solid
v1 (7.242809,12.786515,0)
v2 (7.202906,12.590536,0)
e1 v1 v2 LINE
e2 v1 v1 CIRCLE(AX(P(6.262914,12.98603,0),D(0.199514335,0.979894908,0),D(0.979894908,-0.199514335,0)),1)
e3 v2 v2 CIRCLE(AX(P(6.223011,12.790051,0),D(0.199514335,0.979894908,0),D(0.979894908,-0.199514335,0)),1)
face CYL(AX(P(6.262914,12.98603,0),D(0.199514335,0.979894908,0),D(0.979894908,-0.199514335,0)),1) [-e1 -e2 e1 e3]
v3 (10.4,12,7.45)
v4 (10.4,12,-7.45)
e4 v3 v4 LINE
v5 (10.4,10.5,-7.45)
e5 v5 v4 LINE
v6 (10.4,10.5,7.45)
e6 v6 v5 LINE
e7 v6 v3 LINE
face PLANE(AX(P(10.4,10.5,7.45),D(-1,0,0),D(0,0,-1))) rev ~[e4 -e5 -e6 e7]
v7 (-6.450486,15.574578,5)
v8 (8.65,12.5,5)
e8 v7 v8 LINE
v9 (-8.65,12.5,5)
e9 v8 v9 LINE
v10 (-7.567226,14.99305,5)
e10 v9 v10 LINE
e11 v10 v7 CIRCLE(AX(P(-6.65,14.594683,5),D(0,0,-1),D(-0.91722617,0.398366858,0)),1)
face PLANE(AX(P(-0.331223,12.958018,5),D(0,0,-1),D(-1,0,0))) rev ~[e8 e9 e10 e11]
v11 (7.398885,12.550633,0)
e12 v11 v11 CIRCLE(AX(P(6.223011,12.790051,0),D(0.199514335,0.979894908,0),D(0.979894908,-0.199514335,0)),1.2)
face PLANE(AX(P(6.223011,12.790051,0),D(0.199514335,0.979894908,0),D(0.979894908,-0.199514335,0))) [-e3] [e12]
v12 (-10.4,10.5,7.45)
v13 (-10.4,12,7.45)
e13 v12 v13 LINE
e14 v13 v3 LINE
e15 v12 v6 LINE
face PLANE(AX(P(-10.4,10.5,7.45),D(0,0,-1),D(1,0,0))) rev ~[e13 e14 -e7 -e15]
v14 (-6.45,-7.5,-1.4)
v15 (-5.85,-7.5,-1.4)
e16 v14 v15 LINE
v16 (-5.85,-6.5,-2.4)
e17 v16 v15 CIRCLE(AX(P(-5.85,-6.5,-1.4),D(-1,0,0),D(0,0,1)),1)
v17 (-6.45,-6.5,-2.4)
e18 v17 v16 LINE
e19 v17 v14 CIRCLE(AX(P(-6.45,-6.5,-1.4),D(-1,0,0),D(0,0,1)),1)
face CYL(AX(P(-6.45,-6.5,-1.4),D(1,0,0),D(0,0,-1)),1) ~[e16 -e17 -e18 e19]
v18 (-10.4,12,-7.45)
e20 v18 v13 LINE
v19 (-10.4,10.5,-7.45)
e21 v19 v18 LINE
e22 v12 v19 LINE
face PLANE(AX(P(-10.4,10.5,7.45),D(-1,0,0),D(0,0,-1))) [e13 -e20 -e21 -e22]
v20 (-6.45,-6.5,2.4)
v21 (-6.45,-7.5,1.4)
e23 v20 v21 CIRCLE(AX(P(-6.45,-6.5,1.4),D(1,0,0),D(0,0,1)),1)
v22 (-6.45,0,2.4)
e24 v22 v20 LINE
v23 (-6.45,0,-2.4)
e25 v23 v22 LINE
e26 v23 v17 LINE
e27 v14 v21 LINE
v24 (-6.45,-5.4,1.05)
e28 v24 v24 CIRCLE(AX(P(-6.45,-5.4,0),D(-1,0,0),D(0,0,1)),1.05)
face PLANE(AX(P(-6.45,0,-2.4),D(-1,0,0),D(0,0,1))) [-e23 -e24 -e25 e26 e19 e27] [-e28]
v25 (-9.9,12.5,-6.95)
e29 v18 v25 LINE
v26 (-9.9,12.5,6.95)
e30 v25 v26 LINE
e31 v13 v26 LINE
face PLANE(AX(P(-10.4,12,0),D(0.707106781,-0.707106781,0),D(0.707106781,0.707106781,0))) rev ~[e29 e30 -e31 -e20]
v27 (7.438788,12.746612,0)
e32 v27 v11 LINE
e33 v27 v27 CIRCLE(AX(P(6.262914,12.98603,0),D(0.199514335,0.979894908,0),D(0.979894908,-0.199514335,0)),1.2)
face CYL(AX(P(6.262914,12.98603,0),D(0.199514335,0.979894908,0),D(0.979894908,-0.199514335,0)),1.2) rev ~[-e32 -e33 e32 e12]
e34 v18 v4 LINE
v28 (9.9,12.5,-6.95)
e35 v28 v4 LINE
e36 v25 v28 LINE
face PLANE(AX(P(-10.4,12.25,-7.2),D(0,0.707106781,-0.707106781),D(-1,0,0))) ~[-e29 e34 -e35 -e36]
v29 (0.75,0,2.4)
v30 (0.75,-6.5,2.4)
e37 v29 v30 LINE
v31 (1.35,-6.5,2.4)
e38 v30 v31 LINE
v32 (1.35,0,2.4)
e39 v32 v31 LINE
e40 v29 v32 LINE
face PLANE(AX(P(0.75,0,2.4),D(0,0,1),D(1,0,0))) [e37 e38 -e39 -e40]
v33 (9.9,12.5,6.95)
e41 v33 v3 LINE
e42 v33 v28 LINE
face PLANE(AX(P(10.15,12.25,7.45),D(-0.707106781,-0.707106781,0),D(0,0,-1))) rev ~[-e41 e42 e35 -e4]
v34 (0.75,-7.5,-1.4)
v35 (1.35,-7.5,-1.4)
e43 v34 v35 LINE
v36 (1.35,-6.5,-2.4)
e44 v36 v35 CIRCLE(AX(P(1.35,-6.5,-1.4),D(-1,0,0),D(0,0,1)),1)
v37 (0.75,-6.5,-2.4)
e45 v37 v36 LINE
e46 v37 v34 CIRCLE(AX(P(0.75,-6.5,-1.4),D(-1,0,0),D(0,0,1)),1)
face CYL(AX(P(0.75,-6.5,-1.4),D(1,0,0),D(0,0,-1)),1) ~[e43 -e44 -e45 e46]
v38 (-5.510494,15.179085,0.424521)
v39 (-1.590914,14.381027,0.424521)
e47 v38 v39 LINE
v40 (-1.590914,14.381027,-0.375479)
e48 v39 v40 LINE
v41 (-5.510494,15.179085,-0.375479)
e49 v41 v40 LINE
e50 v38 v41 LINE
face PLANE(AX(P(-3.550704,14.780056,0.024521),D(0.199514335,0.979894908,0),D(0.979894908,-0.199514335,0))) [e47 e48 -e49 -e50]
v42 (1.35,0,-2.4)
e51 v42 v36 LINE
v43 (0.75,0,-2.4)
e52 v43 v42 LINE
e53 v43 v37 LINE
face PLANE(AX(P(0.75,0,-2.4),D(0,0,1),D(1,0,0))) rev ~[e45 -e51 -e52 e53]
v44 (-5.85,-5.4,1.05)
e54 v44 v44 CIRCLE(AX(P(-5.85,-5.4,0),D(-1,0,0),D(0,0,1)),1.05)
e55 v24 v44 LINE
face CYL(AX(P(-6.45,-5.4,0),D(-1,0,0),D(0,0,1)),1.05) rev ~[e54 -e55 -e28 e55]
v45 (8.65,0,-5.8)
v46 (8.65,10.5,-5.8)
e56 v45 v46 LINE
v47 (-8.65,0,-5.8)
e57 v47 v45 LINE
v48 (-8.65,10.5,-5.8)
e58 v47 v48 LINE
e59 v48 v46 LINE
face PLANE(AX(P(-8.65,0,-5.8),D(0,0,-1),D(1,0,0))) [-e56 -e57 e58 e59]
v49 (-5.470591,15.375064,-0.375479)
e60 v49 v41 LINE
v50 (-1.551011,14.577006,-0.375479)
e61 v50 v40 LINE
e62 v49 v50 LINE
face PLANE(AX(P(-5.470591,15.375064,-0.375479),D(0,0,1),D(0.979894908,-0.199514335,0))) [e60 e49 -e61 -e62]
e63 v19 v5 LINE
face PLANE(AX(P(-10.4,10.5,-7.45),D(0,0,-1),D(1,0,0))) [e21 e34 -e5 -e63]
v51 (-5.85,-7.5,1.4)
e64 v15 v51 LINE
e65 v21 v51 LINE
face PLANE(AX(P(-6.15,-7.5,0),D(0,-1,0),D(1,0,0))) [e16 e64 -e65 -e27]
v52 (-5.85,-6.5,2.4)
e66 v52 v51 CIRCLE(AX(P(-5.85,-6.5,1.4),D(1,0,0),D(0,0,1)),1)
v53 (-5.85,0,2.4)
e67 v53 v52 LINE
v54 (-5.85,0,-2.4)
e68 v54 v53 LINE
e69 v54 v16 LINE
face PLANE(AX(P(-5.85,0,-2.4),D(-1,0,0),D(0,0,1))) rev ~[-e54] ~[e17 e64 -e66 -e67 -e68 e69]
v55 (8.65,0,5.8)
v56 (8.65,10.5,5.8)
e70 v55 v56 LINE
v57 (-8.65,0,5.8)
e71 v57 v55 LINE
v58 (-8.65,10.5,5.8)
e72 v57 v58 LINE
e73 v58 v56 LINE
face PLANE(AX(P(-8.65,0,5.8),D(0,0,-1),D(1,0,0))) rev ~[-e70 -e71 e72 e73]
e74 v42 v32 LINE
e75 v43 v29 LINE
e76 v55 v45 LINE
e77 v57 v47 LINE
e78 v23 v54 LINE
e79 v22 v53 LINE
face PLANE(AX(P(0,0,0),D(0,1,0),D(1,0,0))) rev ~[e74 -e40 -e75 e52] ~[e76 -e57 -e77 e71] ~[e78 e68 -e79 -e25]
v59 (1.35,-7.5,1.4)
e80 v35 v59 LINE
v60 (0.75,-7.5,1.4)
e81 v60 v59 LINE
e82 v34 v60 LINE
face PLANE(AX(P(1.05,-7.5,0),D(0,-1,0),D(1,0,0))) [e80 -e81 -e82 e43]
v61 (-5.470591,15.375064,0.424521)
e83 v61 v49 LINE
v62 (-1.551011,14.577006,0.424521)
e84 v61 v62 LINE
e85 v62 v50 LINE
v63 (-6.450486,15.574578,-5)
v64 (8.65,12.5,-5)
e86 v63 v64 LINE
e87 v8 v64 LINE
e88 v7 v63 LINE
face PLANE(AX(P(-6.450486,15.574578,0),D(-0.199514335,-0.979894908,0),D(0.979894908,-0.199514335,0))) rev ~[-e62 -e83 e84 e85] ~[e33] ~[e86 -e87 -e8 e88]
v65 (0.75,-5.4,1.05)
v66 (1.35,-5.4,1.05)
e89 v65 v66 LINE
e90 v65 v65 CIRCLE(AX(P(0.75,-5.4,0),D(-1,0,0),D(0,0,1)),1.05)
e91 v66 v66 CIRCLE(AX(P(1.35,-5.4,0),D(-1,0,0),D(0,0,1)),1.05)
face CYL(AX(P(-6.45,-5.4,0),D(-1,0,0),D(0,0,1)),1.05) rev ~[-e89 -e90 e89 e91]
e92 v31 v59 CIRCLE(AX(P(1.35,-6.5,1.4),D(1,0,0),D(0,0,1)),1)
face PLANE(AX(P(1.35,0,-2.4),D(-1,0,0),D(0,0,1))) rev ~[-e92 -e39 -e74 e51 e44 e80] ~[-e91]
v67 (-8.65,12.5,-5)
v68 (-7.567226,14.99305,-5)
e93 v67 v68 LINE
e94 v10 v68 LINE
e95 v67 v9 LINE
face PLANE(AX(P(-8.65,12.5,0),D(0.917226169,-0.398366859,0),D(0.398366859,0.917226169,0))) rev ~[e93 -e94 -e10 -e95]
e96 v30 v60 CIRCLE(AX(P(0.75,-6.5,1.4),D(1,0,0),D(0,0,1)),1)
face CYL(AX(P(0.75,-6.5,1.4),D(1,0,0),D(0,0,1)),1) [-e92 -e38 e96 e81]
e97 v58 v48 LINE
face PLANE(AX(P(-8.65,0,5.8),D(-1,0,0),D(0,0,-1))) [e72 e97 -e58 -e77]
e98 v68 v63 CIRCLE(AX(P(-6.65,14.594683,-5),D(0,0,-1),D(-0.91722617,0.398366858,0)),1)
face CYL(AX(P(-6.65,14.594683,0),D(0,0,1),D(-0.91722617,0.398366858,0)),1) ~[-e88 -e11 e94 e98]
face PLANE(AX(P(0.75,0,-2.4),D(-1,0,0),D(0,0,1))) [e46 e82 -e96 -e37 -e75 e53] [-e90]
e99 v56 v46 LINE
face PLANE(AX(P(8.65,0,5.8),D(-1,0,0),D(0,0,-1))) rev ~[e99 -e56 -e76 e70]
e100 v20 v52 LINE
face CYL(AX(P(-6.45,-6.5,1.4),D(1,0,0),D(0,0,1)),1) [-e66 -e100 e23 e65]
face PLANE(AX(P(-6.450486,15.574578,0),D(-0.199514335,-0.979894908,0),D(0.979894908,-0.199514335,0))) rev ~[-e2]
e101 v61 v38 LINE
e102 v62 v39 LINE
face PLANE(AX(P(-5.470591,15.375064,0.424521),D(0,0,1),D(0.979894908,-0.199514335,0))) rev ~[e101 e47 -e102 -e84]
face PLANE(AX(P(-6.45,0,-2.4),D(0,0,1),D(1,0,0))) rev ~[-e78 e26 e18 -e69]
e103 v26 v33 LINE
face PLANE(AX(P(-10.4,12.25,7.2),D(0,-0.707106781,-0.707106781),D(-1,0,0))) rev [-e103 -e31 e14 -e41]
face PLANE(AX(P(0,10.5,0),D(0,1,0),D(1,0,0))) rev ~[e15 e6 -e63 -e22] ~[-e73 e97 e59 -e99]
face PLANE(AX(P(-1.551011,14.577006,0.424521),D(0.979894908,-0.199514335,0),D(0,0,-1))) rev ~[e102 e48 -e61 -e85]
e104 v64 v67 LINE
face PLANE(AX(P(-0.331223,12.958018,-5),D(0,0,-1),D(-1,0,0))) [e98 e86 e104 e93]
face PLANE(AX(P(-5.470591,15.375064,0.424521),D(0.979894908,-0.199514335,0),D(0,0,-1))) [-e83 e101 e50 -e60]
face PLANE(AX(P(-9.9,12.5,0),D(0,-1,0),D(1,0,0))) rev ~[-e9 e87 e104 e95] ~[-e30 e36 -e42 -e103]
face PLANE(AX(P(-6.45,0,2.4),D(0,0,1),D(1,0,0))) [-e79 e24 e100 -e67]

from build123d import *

# Parameters (mm, degrees)
SKETCH_1_W          = 17.3
SKETCH_1_H          = 11.6
EXTRUDE_1_DEPTH     = 10.5
SKETCH_2_W          = 20.8
SKETCH_2_H          = 14.9
EXTRUDE_2_DEPTH     = 2
CHAMFER_1_SIZE      = 0.5
SKETCH_3_W          = 0.6
SKETCH_3_H          = 4.8
EXTRUDE_3_DEPTH     = 7.5
SKETCH_4_R          = 1.05
CUT_EXTRUDE_1_DEPTH = 17.85
FILLET_1_R          = 1
EXTRUDE_4_DEPTH     = 5
SKETCH_7_R          = 1.2
SKETCH_7_R_2        = 1
SKETCH_7_W          = 4
SKETCH_7_H          = 0.8
CUT_EXTRUDE_2_DEPTH = 0.2


with BuildPart() as part:
    # 草图1 → 凸台-拉伸1 (new body)
    with BuildSketch(Plane(origin=(0, 0, 0), x_dir=(1, 0, 0), z_dir=(0, 1, 0))):
        Rectangle(SKETCH_1_W, SKETCH_1_H)
    extrude(amount=EXTRUDE_1_DEPTH)

    # 草图2 → 凸台-拉伸2 (add)
    with BuildSketch(Plane(origin=(0, 10.5, 0), x_dir=(1, 0, 0), z_dir=(0, 1, 0))):
        Rectangle(SKETCH_2_W, SKETCH_2_H)
    extrude(amount=EXTRUDE_2_DEPTH)

    # 倒角1
    chamfer_1_edges = [part.edges().sort_by_distance(p)[0] for p in [
        (10.4, 12.5, 0),
        (0, 12.5, -7.45),
        (-10.4, 12.5, 0),
        (0, 12.5, 7.45),
    ]]
    chamfer(chamfer_1_edges, length=CHAMFER_1_SIZE)

    # 草图3 → 凸台-拉伸3 (add)
    with BuildSketch(Plane.XZ):
        with Locations((-6.15, 0)):
            Rectangle(SKETCH_3_W, SKETCH_3_H)
        with Locations((1.05, 0)):
            Rectangle(SKETCH_3_W, SKETCH_3_H)
    extrude(amount=EXTRUDE_3_DEPTH)

    # 草图4 → 切除-拉伸1 (cut, through all)
    with BuildSketch(Plane.ZY.offset(6.45)):
        with Locations((0, -5.4)):
            Circle(SKETCH_4_R)
    extrude(amount=-CUT_EXTRUDE_1_DEPTH, mode=Mode.SUBTRACT)

    # 圆角1
    fillet_1_edges = [part.edges().sort_by_distance(p)[0] for p in [
        (-6.15, -7.5, -2.4),
        (-6.15, -7.5, 2.4),
        (1.05, -7.5, -2.4),
        (1.05, -7.5, 2.4),
    ]]
    fillet(fillet_1_edges, radius=FILLET_1_R)

    # 草图6 → 凸台-拉伸4 (add, symmetric)
    with BuildSketch(Plane.XY):
        with BuildLine():
            Line((-8.65, 12.5), (-7.567226169, 14.993049988))
            ThreePointArc((-7.567226169, 14.993049988), (-7.111867175, 15.481632233), (-6.450485665, 15.574578036))
            Line((-6.450485665, 15.574578036), (8.65, 12.5))
            Line((8.65, 12.5), (9.9, 12.5))
            Line((9.9, 12.5), (10.4, 12))
            Line((10.4, 12), (-10.4, 12))
            Line((-10.4, 12), (-9.9, 12.5))
            Line((-9.9, 12.5), (-8.65, 12.5))
        make_face()
    extrude(amount=EXTRUDE_4_DEPTH, both=True)

    # 草图7 → 切除-拉伸2 (cut)
    with BuildSketch(Plane(origin=(2.788110156, 13.693527027, 0), x_dir=(0.979894908, -0.199514335, 0), z_dir=(0.199514335, 0.979894908, 0))):
        with Locations((3.54609821, 0)):
            Circle(SKETCH_7_R)
        with Locations((3.54609821, 0)):
            Circle(SKETCH_7_R_2, mode=Mode.SUBTRACT)
        with Locations((-6.42814964, -0.024521247)):
            Rectangle(SKETCH_7_W, SKETCH_7_H)
    extrude(amount=-CUT_EXTRUDE_2_DEPTH, mode=Mode.SUBTRACT)


solid = part.part
